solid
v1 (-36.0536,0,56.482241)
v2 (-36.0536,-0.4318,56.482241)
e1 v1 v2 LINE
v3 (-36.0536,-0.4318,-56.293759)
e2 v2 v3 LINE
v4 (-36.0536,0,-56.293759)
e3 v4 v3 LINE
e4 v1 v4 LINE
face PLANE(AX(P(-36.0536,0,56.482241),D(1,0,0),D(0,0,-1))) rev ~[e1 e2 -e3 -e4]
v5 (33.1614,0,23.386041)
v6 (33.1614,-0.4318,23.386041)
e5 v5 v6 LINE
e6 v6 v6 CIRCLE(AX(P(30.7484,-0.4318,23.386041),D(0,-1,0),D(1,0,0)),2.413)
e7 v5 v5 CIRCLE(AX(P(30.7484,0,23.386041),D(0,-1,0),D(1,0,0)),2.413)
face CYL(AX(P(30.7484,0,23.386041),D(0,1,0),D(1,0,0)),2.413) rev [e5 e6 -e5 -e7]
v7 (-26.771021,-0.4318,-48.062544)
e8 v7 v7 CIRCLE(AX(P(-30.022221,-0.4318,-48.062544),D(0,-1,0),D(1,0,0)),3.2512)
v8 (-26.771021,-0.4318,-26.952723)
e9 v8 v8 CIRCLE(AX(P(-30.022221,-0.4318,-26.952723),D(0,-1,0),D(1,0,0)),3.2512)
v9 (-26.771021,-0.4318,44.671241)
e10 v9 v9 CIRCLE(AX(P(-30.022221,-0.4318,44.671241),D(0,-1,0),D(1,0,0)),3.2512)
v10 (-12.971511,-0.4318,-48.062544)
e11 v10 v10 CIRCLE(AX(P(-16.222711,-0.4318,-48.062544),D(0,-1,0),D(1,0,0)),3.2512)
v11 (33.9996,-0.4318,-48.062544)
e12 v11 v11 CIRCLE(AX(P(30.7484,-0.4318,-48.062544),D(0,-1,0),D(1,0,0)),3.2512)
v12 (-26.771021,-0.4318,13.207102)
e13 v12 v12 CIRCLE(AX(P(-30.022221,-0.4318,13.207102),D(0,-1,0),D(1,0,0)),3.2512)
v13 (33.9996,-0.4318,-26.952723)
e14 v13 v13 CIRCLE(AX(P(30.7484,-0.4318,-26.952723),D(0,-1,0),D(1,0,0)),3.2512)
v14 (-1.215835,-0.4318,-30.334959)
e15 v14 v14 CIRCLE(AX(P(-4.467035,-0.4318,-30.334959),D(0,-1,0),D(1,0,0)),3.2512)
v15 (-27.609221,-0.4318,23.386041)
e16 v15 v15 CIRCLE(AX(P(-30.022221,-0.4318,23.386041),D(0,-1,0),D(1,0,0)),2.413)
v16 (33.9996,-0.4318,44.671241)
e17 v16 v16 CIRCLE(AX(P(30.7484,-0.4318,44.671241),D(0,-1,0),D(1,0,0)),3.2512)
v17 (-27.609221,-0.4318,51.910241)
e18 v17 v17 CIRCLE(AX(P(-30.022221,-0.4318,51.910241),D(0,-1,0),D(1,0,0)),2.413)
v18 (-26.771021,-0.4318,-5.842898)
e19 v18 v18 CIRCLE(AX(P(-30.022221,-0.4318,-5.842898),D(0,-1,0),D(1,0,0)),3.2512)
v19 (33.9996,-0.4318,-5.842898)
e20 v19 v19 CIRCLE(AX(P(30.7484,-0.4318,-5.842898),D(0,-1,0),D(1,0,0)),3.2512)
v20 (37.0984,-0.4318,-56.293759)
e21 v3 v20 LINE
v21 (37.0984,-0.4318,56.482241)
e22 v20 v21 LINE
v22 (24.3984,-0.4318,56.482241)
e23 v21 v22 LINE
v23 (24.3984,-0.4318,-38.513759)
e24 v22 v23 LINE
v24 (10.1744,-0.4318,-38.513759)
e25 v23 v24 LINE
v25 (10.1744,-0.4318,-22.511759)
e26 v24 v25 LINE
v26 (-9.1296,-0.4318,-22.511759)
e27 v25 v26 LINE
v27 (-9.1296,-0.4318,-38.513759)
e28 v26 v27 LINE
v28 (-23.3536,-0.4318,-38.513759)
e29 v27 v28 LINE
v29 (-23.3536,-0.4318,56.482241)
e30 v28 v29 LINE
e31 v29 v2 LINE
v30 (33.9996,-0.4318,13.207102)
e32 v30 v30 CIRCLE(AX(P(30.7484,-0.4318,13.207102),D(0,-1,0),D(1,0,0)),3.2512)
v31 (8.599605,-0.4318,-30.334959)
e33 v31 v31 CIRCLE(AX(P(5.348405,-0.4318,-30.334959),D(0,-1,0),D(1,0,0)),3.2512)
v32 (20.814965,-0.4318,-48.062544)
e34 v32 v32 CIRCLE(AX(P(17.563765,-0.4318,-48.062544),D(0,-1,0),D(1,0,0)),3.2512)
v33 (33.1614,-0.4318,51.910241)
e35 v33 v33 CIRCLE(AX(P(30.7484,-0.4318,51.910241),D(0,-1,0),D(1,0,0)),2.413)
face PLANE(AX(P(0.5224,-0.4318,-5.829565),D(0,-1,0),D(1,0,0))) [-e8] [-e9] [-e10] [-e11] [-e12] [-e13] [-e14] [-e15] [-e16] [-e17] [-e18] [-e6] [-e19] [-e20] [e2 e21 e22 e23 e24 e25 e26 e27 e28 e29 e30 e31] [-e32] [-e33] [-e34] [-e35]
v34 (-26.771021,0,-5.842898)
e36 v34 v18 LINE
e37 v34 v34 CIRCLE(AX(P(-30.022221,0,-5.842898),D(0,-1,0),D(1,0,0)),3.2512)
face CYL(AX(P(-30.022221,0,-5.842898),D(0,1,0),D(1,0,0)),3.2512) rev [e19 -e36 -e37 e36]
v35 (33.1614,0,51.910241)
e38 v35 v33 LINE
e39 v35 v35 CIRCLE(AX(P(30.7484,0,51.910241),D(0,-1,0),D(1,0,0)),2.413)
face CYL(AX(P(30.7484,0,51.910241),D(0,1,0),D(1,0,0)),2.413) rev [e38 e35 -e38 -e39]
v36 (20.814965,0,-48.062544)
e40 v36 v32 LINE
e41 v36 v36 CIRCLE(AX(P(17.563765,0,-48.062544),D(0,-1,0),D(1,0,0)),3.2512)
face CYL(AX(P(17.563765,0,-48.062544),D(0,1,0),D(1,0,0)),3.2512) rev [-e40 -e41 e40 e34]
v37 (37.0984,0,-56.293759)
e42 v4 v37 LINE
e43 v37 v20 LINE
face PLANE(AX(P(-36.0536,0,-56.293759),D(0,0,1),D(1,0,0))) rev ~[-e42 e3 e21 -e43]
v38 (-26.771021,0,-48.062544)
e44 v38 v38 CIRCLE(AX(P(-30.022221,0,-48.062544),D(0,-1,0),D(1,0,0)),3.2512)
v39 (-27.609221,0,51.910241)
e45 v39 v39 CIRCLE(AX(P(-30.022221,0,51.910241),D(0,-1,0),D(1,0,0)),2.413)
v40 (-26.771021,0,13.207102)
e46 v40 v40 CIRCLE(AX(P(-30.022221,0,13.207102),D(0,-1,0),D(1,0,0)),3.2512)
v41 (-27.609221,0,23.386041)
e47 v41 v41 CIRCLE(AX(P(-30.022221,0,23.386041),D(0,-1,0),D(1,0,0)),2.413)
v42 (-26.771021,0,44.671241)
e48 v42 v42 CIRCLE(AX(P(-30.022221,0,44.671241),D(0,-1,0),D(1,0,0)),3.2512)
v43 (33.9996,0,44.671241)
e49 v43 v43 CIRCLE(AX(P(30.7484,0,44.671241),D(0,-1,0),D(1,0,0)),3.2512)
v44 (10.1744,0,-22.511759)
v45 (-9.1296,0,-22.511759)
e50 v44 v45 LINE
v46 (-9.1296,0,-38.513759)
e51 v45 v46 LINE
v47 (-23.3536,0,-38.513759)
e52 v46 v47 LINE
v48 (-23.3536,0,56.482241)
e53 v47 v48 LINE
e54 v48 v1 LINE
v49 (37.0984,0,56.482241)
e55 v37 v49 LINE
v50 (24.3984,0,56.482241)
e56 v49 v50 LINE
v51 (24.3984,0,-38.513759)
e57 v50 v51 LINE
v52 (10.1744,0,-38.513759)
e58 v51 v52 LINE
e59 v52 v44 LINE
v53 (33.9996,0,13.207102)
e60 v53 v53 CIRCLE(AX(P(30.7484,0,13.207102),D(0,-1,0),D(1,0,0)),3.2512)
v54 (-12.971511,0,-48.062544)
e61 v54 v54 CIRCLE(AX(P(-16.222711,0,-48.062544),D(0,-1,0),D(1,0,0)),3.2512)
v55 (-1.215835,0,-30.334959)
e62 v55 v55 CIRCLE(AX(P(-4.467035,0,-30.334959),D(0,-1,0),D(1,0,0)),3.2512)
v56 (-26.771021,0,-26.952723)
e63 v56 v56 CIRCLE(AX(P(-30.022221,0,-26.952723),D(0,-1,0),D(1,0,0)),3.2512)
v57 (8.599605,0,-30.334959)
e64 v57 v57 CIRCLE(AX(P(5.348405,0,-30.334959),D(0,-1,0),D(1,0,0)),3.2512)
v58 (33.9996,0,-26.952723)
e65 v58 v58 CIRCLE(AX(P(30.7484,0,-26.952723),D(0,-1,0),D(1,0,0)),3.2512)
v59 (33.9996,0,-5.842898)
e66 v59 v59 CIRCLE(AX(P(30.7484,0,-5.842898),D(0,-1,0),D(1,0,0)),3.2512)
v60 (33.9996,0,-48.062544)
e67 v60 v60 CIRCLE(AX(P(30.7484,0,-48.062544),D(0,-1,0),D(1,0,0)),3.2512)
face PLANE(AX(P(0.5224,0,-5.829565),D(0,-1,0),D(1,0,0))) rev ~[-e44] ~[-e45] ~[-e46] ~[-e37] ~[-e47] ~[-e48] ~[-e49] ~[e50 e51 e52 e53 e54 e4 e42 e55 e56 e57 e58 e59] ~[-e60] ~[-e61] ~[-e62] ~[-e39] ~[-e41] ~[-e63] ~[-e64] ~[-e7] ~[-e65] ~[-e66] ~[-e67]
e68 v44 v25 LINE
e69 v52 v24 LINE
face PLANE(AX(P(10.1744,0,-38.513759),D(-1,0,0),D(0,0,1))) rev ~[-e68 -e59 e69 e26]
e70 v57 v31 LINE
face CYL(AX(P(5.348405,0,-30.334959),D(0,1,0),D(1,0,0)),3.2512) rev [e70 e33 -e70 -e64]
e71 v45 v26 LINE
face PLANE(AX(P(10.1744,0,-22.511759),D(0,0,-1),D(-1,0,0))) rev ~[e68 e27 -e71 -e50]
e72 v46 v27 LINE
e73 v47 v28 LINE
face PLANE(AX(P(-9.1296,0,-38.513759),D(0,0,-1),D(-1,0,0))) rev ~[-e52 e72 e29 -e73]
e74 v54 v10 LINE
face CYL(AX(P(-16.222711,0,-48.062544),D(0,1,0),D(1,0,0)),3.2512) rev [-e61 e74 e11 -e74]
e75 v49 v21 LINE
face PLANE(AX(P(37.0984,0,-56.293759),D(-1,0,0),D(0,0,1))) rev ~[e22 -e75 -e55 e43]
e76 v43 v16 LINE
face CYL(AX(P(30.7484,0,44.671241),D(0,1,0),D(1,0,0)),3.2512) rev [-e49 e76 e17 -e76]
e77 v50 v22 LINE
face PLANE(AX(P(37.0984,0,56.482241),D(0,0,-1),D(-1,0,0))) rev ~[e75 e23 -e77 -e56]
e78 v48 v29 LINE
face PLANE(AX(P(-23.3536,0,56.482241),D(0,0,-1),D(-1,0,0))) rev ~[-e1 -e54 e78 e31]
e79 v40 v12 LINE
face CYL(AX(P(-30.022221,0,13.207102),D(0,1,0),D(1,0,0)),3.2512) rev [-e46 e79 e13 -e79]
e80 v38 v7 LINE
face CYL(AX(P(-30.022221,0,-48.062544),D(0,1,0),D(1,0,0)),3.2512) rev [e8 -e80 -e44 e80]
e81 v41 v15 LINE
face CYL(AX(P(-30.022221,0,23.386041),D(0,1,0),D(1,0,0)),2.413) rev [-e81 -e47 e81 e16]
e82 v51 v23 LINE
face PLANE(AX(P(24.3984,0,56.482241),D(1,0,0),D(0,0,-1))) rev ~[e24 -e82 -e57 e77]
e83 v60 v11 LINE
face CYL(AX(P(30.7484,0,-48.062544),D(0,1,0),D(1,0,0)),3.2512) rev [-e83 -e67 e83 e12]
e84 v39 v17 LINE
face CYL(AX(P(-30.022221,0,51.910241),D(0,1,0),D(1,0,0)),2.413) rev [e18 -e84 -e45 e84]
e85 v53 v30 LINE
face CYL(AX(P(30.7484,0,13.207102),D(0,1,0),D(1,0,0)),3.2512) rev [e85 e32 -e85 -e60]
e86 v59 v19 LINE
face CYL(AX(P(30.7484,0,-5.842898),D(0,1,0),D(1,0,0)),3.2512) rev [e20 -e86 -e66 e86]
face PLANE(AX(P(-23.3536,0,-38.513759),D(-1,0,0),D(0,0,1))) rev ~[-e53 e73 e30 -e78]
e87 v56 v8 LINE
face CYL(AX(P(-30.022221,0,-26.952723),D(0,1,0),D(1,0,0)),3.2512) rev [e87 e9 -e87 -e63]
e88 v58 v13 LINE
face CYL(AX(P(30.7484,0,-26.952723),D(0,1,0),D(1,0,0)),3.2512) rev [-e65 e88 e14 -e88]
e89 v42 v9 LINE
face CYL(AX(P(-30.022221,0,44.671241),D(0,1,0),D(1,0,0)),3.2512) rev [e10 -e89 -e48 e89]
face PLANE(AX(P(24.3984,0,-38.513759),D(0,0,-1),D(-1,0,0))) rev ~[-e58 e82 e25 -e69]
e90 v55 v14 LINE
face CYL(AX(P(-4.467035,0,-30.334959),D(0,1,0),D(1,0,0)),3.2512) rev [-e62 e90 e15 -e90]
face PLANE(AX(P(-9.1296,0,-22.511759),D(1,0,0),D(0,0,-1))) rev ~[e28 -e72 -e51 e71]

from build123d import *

# Parameters (mm, degrees)
F0_R     = 3.2512
F0_R_2   = 2.413
F1_DEPTH = 0.4318


with BuildPart() as f1:
    # F0 (on Front) → F1 (new body)
    with BuildSketch(Plane.XZ):
        Polygon((-23.3536, 56.482241), (-36.0536, 56.482241), (-36.0536, -56.293759), (37.0984, -56.293759), (37.0984, 56.482241), (24.3984, 56.482241), (24.3984, -38.513759), (10.1744, -38.513759), (10.1744, -22.511759), (-9.1296, -22.511759), (-9.1296, -38.513759), (-23.3536, -38.513759), align=None)
        with Locations((-30.022221, -48.062544)):
            Circle(F0_R, mode=Mode.SUBTRACT)
        with Locations((-16.222711, -48.062544)):
            Circle(F0_R, mode=Mode.SUBTRACT)
        with Locations((-4.467035, -30.334959)):
            Circle(F0_R, mode=Mode.SUBTRACT)
        with Locations((-30.022221, -26.952723)):
            Circle(F0_R, mode=Mode.SUBTRACT)
        with Locations((-30.022221, -5.842898)):
            Circle(F0_R, mode=Mode.SUBTRACT)
        with Locations((17.563765, -48.062544)):
            Circle(F0_R, mode=Mode.SUBTRACT)
        with Locations((5.348405, -30.334959)):
            Circle(F0_R, mode=Mode.SUBTRACT)
        with Locations((30.7484, -48.062544)):
            Circle(F0_R, mode=Mode.SUBTRACT)
        with Locations((30.7484, -26.952723)):
            Circle(F0_R, mode=Mode.SUBTRACT)
        with Locations((30.7484, -5.842898)):
            Circle(F0_R, mode=Mode.SUBTRACT)
        with Locations((-30.022221, 13.207102)):
            Circle(F0_R, mode=Mode.SUBTRACT)
        with Locations((-30.022221, 23.386041)):
            Circle(F0_R_2, mode=Mode.SUBTRACT)
        with Locations((-30.022221, 44.671241)):
            Circle(F0_R, mode=Mode.SUBTRACT)
        with Locations((-30.022221, 51.910241)):
            Circle(F0_R_2, mode=Mode.SUBTRACT)
        with Locations((30.7484, 13.207102)):
            Circle(F0_R, mode=Mode.SUBTRACT)
        with Locations((30.7484, 23.386041)):
            Circle(F0_R_2, mode=Mode.SUBTRACT)
        with Locations((30.7484, 44.671241)):
            Circle(F0_R, mode=Mode.SUBTRACT)
        with Locations((30.7484, 51.910241)):
            Circle(F0_R_2, mode=Mode.SUBTRACT)
    extrude(amount=F1_DEPTH)


solid = f1.part
